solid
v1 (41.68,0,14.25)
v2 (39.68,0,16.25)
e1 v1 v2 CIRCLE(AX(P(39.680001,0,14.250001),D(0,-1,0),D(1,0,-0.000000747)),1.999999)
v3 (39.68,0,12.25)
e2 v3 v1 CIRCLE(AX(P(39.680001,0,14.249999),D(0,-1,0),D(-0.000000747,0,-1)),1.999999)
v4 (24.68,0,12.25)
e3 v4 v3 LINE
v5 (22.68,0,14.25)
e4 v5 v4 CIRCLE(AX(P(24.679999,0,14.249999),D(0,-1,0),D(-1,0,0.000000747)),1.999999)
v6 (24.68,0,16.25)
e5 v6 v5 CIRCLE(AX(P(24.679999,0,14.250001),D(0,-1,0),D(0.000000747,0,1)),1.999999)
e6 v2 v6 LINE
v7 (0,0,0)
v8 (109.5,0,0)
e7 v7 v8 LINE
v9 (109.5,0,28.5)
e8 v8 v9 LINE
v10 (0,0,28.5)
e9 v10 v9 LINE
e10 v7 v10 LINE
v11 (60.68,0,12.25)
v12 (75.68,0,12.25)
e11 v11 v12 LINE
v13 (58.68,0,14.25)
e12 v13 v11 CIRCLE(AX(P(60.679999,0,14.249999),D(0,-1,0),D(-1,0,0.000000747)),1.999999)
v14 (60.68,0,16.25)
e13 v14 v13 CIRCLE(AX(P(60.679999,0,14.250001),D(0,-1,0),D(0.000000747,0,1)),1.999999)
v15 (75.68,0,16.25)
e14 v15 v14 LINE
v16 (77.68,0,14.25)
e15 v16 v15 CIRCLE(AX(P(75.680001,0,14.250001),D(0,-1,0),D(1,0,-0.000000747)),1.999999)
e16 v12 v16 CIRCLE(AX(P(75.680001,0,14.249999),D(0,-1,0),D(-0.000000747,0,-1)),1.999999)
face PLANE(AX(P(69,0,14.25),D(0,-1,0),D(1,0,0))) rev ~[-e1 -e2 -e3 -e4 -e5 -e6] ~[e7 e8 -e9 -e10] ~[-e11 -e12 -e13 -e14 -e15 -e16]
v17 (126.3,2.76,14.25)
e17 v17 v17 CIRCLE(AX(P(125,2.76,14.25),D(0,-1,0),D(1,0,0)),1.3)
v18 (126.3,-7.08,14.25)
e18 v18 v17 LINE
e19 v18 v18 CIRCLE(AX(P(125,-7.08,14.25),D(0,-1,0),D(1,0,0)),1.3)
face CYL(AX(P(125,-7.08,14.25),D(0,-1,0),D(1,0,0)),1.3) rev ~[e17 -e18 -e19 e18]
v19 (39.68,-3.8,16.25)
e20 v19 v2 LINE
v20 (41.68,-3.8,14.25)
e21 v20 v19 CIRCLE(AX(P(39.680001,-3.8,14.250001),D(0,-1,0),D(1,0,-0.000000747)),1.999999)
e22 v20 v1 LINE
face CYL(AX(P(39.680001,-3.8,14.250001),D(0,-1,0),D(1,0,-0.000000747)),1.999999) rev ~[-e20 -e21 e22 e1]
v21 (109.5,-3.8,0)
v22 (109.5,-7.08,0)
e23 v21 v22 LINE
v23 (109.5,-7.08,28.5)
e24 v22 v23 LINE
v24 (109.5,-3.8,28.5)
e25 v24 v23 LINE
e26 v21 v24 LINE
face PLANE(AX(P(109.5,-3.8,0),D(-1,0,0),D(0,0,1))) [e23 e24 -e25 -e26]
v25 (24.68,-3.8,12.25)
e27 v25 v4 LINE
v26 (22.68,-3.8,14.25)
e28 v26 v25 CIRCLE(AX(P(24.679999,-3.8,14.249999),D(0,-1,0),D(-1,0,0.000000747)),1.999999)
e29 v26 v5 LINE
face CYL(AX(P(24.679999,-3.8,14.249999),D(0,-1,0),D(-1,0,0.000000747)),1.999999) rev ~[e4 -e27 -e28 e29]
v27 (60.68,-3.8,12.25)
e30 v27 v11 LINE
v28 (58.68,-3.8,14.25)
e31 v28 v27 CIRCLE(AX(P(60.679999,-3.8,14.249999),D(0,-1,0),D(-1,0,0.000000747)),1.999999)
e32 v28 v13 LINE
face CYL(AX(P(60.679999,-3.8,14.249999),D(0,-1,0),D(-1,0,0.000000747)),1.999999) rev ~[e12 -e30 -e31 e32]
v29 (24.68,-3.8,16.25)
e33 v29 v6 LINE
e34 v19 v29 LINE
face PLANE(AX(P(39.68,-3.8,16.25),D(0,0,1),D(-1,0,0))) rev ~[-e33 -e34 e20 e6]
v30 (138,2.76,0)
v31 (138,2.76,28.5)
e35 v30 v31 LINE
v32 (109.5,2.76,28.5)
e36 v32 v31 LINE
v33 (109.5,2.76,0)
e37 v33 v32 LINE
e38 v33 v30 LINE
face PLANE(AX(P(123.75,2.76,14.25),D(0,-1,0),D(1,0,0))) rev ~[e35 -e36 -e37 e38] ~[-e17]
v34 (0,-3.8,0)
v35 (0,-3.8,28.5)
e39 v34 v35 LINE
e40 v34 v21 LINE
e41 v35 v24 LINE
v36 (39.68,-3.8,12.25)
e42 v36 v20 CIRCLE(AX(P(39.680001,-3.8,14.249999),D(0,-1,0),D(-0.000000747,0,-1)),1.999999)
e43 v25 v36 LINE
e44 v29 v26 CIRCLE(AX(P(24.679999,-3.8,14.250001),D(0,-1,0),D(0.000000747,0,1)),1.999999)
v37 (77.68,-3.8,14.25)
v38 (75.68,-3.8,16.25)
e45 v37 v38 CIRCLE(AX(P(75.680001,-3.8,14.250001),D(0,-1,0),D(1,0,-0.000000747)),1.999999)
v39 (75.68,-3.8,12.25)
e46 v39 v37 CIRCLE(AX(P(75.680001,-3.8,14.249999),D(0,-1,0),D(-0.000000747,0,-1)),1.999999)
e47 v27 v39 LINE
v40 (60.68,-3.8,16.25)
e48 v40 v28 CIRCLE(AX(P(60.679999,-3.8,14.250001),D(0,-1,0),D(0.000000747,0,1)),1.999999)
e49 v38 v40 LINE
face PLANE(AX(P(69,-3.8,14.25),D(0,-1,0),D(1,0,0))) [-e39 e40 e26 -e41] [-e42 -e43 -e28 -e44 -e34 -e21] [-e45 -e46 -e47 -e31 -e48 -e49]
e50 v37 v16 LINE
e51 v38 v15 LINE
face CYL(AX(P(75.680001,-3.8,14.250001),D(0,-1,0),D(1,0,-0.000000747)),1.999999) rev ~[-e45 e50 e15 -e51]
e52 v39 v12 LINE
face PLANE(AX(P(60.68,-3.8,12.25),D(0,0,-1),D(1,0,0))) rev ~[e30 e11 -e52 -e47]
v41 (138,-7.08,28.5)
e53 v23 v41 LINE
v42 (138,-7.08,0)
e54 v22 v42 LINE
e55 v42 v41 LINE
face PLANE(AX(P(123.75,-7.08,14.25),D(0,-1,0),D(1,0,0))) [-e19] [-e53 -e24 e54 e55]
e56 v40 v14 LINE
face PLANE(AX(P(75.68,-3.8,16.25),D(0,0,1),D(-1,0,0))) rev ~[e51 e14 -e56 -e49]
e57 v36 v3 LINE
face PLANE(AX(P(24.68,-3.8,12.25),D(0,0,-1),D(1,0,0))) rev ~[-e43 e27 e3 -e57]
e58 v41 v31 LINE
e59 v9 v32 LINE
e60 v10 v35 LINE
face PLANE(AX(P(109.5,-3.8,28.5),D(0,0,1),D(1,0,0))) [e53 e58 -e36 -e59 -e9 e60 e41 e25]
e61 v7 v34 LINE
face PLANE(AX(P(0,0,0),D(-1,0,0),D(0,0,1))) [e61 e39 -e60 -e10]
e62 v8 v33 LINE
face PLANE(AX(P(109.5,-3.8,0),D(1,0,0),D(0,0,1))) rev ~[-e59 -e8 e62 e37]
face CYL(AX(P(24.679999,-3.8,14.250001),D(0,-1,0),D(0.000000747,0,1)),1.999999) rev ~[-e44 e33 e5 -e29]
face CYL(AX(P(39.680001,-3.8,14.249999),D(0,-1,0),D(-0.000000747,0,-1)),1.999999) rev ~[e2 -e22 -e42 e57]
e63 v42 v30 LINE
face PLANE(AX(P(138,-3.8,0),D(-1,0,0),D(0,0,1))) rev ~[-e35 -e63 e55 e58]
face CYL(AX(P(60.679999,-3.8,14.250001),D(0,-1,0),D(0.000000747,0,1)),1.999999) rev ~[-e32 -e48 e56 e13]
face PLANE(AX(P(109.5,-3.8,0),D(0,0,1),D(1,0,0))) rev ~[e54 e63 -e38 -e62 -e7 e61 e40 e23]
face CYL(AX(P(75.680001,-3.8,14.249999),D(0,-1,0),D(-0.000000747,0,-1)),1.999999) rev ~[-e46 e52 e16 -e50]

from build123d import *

# Parameters (mm, degrees)
F0_W          = 138
F0_H          = 28.5
F1_DEPTH      = 3.8
F2_W          = 28.5
F2_H          = 28.5
F3_DEPTH      = 3.28
F3_DEPTH_BACK = 6.56
F5_R          = 1.3
F6_DEPTH      = 9.84
F7_DEPTH      = 3.8


with BuildPart() as f1:
    # F0 (on Front) → F1 (new body)
    with BuildSketch(Plane.XZ):
        with Locations((69, 14.25)):
            Rectangle(F0_W, F0_H)
    extrude(amount=F1_DEPTH)

    # F2 (on face) → F3 (join, two sides)
    with BuildSketch(Plane.XZ.offset(3.8)) as f3_sk:
        with Locations((123.75, 14.25)):
            Rectangle(F2_W, F2_H)
    extrude(amount=F3_DEPTH)
    extrude(f3_sk.sketch, amount=-F3_DEPTH_BACK)

    # F5 (on face) → F6 (cut, through all)
    with BuildSketch(Plane.XZ.offset(7.08)):
        with Locations((125, 14.25)):
            Circle(F5_R)
    extrude(amount=-F6_DEPTH, mode=Mode.SUBTRACT)

    # F4 (on face) → F7 (cut, through all)
    with BuildSketch(Plane.XZ.offset(3.8)):
        with BuildLine():
            ThreePointArc((24.68, 16.25), (23.265786, 15.664214), (22.68, 14.25))
            Line((22.68, 14.25), (41.68, 14.25))
            ThreePointArc((41.68, 14.25), (41.094214, 15.664214), (39.68, 16.25))
            Line((39.68, 16.25), (24.68, 16.25))
        make_face()
        with BuildLine():
            ThreePointArc((60.68, 16.25), (59.265786, 15.664214), (58.68, 14.25))
            Line((58.68, 14.25), (77.68, 14.25))
            ThreePointArc((77.68, 14.25), (77.094214, 15.664214), (75.68, 16.25))
            Line((75.68, 16.25), (60.68, 16.25))
        make_face()
        with BuildLine():
            Line((77.68, 14.25), (58.68, 14.25))
            ThreePointArc((58.68, 14.25), (59.265786, 12.835786), (60.68, 12.25))
            Line((60.68, 12.25), (75.68, 12.25))
            ThreePointArc((75.68, 12.25), (77.094214, 12.835786), (77.68, 14.25))
        make_face()
        with BuildLine():
            Line((41.68, 14.25), (22.68, 14.25))
            ThreePointArc((22.68, 14.25), (23.265786, 12.835786), (24.68, 12.25))
            Line((24.68, 12.25), (39.68, 12.25))
            ThreePointArc((39.68, 12.25), (41.094214, 12.835786), (41.68, 14.25))
        make_face()
    extrude(amount=-F7_DEPTH, mode=Mode.SUBTRACT)


solid = f1.part
